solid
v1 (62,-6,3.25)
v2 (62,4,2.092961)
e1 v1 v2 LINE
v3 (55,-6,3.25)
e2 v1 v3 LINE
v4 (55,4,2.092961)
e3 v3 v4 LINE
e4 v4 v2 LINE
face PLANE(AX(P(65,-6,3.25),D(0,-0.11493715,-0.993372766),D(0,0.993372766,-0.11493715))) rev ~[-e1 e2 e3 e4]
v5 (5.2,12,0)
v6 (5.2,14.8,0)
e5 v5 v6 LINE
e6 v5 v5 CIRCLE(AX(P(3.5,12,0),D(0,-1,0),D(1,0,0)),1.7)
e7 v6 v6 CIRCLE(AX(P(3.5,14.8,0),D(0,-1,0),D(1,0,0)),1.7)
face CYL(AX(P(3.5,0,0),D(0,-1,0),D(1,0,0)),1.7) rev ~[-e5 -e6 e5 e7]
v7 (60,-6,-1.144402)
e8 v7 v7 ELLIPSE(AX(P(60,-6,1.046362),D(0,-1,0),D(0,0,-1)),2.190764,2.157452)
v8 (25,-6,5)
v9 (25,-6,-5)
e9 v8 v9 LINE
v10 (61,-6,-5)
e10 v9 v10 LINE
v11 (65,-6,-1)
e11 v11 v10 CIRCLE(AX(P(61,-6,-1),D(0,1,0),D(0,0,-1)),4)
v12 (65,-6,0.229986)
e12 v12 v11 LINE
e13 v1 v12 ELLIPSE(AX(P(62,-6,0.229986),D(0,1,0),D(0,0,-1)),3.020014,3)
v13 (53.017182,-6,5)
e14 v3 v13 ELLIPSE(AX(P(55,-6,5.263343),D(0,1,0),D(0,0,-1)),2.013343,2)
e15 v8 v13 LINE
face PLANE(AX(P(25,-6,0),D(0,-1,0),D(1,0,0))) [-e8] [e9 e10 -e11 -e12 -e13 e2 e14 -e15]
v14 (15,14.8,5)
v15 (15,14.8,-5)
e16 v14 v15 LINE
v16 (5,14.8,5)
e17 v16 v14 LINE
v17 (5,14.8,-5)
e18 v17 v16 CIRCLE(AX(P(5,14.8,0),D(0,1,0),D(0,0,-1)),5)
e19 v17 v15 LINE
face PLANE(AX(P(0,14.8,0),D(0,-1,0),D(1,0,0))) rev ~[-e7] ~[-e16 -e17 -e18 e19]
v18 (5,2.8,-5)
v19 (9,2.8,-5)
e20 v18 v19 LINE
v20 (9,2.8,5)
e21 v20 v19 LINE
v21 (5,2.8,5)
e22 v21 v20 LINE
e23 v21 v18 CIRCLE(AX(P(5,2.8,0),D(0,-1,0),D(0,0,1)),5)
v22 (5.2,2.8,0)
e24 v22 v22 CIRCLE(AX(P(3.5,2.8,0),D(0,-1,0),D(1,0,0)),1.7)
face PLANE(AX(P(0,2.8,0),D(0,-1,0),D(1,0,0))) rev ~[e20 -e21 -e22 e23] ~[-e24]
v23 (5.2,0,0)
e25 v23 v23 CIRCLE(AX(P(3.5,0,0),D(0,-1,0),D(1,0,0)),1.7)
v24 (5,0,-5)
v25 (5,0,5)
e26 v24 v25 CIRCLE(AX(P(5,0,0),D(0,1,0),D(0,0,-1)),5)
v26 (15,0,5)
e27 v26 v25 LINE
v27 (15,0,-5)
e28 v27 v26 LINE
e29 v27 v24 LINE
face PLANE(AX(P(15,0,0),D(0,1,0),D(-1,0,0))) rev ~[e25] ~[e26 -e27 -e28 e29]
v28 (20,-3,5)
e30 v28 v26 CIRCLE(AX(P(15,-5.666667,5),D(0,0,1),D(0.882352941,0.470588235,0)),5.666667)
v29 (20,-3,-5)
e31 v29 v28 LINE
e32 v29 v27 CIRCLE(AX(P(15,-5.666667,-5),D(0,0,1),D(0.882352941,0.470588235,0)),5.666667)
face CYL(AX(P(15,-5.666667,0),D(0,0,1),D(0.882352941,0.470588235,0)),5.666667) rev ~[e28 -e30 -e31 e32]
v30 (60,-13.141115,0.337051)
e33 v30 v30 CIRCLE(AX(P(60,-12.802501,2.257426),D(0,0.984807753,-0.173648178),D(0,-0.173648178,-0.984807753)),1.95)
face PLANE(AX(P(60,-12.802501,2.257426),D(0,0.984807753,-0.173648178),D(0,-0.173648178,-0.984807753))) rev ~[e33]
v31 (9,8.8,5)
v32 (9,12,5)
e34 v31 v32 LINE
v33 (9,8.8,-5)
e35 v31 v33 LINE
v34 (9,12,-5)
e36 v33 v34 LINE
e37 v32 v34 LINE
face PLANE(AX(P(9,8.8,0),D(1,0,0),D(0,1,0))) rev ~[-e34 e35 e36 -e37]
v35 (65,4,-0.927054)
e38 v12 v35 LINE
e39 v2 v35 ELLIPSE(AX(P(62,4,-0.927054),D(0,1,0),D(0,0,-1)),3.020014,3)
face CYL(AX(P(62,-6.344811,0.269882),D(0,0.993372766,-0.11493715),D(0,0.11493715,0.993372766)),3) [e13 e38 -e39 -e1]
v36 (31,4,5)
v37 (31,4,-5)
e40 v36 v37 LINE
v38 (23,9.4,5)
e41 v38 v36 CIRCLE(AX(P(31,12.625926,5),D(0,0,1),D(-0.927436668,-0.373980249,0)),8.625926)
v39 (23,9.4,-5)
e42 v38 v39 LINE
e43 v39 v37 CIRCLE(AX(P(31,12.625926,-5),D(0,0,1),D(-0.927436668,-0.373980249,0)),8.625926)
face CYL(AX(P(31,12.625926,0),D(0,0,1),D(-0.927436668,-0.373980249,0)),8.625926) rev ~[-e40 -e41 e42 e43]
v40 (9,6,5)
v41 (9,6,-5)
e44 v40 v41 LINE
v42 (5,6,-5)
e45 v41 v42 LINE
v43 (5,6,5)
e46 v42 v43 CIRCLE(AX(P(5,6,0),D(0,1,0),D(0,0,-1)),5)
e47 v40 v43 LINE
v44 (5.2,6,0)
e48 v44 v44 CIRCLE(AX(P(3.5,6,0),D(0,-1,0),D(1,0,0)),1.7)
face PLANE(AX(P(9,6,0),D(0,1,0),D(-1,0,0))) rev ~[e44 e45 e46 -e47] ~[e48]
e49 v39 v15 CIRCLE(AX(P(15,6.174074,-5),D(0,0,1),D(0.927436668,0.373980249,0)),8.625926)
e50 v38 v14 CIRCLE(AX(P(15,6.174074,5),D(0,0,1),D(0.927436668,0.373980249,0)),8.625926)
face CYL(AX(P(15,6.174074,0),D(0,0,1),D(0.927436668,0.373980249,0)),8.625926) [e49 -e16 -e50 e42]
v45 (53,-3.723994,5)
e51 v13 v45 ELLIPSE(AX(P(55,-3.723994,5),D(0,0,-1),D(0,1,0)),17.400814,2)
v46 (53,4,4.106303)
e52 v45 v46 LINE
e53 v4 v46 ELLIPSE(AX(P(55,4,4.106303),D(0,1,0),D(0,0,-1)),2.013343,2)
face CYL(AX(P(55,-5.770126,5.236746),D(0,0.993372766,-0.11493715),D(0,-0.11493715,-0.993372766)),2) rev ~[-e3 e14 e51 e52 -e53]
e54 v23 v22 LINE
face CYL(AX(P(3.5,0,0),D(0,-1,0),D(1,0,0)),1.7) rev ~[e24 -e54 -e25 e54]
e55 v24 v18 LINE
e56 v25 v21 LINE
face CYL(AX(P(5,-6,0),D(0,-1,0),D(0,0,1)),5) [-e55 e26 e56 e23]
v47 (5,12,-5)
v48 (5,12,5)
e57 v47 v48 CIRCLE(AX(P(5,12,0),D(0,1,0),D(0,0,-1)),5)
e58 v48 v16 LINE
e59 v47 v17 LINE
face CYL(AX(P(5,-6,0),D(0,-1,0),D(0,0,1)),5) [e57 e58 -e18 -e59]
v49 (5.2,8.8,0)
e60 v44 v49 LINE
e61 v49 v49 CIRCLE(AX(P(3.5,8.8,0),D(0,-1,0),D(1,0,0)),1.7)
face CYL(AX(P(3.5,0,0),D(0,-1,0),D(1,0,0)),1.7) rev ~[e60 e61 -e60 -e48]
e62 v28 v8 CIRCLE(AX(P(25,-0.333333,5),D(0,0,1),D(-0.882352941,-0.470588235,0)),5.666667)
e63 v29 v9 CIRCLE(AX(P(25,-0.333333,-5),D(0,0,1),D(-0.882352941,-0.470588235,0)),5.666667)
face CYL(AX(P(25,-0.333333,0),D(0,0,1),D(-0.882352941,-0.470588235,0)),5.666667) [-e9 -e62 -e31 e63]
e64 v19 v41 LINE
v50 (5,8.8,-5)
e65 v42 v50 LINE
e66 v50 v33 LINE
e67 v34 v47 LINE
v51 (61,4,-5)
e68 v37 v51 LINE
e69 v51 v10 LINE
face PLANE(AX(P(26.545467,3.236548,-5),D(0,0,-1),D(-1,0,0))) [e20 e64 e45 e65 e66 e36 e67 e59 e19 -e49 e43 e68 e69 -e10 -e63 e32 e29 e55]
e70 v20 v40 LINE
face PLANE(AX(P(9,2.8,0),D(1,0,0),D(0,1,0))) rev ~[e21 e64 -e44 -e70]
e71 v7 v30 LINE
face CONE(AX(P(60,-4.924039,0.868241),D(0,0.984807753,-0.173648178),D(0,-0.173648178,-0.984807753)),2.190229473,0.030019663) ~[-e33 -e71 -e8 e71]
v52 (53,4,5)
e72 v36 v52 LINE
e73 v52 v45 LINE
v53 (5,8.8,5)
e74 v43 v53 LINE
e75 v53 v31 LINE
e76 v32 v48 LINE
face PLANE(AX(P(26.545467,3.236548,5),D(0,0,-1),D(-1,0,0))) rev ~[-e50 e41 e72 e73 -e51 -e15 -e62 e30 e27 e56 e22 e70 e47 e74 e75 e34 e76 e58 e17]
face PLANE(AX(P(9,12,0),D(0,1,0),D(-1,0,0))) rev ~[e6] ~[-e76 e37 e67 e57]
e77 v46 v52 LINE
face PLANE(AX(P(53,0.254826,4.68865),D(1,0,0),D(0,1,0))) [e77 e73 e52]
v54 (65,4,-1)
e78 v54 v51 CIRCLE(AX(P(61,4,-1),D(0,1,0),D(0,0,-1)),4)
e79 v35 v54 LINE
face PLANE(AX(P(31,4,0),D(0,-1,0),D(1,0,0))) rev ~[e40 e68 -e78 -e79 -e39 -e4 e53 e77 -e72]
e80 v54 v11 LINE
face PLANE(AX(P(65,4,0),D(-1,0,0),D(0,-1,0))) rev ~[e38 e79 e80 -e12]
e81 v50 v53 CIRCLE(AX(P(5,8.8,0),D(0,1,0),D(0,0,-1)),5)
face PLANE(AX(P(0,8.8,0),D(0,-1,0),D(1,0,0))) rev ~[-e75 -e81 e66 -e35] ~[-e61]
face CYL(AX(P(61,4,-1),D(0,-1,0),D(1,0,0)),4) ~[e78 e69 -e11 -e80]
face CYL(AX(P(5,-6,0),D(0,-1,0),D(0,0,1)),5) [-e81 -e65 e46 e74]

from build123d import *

# Parameters (mm, degrees)
PAD008_DEPTH    = 5
POCKET013_DEPTH = 20.801
SKETCH027_R     = 1.7
POCKET014_DEPTH = 14.801
POCKET015_DEPTH = 12
FILLET007_R     = 3
FILLET008_R     = 2
FILLET009_R     = 4


with BuildPart() as part:
    # Sketch025 → Pad008 (new body, symmetric)
    with BuildSketch(Plane.XY):
        with BuildLine():
            Line((0, 0), (0, 2.8))
            Line((0, 2.8), (9, 2.8))
            Line((9, 2.8), (9, 6))
            Line((9, 6), (0, 6))
            Line((0, 6), (0, 8.8))
            Line((0, 8.8), (9, 8.8))
            Line((9, 8.8), (9, 12))
            Line((9, 12), (0, 12))
            Line((0, 12), (0, 14.8))
            Line((0, 14.8), (9, 14.8))
            Line((9, 14.8), (15, 14.8))
            ThreePointArc((23, 9.4), (19.8259714048, 13.3236613405), (15, 14.8))
            ThreePointArc((23, 9.4), (26.1740285952, 5.4763386595), (31, 4))
            Line((31, 4), (65, 4))
            Line((65, 4), (65, -6))
            Line((25, -6), (65, -6))
            ThreePointArc((20, -3), (22.0845240526, -5.1924599124), (25, -6))
            ThreePointArc((20, -3), (17.9154759474, -0.8075400876), (15, 0))
            Line((15, 0), (0, 0))
        make_face()
    extrude(amount=PAD008_DEPTH, both=True)

    # Sketch026 (on Face18 of Pad008) → Pocket013 (cut, through all)
    with BuildSketch(Plane.XZ.offset(6)):
        with BuildLine():
            ThreePointArc((5, 5), (0, 0), (5, -5))
            Line((5, -6), (5, -5))
            Line((-1, -6), (5, -6))
            Line((-1, 6), (-1, -6))
            Line((5, 6), (-1, 6))
            Line((5, 6), (5, 5))
        make_face()
    extrude(amount=-POCKET013_DEPTH, mode=Mode.SUBTRACT)

    # Sketch027 (on Face3 of Pocket013) → Pocket014 (cut, through all)
    with BuildSketch(Plane.XZ):
        with Locations((3.5, 0)):
            Circle(SKETCH027_R)
    extrude(amount=-POCKET014_DEPTH, mode=Mode.SUBTRACT)

    # Sketch028 (on DatumLine) → Revolution001 (revolve)
    with BuildSketch(Plane(origin=(60, 0, 0), x_dir=(0, -0.1736481777, -0.984807753), z_dir=(1, 0, 0))):
        Polygon((0, -5), (2.1902294727, -5), (1.95, -13), (0, -13), align=None)
    revolve(axis=Axis((60, 0, 0), (0, 0.984807753, -0.1736481777)))

    # Sketch029 (on Face23 of Revolution001) → Pocket015 (cut)
    with BuildSketch(Plane.YZ.offset(65)):
        Polygon((-6, 3.25), (6, 1.8615526279), (6, 6.8615526279), (-6, 6.8615526279), align=None)
    extrude(amount=-POCKET015_DEPTH, mode=Mode.SUBTRACT)

    # Fillet007
    fillet007_edges = [part.edges().sort_by_distance(p)[0] for p in [
        (65, -1, 2.67148),
    ]]
    fillet(fillet007_edges, radius=FILLET007_R)

    # Fillet008
    fillet008_edges = [part.edges().sort_by_distance(p)[0] for p in [
        (53, -1, 2.67148),
    ]]
    fillet(fillet008_edges, radius=FILLET008_R)

    # Fillet009
    fillet009_edges = [part.edges().sort_by_distance(p)[0] for p in [
        (65, -1, -5),
    ]]
    fillet(fillet009_edges, radius=FILLET009_R)


solid = part.part
